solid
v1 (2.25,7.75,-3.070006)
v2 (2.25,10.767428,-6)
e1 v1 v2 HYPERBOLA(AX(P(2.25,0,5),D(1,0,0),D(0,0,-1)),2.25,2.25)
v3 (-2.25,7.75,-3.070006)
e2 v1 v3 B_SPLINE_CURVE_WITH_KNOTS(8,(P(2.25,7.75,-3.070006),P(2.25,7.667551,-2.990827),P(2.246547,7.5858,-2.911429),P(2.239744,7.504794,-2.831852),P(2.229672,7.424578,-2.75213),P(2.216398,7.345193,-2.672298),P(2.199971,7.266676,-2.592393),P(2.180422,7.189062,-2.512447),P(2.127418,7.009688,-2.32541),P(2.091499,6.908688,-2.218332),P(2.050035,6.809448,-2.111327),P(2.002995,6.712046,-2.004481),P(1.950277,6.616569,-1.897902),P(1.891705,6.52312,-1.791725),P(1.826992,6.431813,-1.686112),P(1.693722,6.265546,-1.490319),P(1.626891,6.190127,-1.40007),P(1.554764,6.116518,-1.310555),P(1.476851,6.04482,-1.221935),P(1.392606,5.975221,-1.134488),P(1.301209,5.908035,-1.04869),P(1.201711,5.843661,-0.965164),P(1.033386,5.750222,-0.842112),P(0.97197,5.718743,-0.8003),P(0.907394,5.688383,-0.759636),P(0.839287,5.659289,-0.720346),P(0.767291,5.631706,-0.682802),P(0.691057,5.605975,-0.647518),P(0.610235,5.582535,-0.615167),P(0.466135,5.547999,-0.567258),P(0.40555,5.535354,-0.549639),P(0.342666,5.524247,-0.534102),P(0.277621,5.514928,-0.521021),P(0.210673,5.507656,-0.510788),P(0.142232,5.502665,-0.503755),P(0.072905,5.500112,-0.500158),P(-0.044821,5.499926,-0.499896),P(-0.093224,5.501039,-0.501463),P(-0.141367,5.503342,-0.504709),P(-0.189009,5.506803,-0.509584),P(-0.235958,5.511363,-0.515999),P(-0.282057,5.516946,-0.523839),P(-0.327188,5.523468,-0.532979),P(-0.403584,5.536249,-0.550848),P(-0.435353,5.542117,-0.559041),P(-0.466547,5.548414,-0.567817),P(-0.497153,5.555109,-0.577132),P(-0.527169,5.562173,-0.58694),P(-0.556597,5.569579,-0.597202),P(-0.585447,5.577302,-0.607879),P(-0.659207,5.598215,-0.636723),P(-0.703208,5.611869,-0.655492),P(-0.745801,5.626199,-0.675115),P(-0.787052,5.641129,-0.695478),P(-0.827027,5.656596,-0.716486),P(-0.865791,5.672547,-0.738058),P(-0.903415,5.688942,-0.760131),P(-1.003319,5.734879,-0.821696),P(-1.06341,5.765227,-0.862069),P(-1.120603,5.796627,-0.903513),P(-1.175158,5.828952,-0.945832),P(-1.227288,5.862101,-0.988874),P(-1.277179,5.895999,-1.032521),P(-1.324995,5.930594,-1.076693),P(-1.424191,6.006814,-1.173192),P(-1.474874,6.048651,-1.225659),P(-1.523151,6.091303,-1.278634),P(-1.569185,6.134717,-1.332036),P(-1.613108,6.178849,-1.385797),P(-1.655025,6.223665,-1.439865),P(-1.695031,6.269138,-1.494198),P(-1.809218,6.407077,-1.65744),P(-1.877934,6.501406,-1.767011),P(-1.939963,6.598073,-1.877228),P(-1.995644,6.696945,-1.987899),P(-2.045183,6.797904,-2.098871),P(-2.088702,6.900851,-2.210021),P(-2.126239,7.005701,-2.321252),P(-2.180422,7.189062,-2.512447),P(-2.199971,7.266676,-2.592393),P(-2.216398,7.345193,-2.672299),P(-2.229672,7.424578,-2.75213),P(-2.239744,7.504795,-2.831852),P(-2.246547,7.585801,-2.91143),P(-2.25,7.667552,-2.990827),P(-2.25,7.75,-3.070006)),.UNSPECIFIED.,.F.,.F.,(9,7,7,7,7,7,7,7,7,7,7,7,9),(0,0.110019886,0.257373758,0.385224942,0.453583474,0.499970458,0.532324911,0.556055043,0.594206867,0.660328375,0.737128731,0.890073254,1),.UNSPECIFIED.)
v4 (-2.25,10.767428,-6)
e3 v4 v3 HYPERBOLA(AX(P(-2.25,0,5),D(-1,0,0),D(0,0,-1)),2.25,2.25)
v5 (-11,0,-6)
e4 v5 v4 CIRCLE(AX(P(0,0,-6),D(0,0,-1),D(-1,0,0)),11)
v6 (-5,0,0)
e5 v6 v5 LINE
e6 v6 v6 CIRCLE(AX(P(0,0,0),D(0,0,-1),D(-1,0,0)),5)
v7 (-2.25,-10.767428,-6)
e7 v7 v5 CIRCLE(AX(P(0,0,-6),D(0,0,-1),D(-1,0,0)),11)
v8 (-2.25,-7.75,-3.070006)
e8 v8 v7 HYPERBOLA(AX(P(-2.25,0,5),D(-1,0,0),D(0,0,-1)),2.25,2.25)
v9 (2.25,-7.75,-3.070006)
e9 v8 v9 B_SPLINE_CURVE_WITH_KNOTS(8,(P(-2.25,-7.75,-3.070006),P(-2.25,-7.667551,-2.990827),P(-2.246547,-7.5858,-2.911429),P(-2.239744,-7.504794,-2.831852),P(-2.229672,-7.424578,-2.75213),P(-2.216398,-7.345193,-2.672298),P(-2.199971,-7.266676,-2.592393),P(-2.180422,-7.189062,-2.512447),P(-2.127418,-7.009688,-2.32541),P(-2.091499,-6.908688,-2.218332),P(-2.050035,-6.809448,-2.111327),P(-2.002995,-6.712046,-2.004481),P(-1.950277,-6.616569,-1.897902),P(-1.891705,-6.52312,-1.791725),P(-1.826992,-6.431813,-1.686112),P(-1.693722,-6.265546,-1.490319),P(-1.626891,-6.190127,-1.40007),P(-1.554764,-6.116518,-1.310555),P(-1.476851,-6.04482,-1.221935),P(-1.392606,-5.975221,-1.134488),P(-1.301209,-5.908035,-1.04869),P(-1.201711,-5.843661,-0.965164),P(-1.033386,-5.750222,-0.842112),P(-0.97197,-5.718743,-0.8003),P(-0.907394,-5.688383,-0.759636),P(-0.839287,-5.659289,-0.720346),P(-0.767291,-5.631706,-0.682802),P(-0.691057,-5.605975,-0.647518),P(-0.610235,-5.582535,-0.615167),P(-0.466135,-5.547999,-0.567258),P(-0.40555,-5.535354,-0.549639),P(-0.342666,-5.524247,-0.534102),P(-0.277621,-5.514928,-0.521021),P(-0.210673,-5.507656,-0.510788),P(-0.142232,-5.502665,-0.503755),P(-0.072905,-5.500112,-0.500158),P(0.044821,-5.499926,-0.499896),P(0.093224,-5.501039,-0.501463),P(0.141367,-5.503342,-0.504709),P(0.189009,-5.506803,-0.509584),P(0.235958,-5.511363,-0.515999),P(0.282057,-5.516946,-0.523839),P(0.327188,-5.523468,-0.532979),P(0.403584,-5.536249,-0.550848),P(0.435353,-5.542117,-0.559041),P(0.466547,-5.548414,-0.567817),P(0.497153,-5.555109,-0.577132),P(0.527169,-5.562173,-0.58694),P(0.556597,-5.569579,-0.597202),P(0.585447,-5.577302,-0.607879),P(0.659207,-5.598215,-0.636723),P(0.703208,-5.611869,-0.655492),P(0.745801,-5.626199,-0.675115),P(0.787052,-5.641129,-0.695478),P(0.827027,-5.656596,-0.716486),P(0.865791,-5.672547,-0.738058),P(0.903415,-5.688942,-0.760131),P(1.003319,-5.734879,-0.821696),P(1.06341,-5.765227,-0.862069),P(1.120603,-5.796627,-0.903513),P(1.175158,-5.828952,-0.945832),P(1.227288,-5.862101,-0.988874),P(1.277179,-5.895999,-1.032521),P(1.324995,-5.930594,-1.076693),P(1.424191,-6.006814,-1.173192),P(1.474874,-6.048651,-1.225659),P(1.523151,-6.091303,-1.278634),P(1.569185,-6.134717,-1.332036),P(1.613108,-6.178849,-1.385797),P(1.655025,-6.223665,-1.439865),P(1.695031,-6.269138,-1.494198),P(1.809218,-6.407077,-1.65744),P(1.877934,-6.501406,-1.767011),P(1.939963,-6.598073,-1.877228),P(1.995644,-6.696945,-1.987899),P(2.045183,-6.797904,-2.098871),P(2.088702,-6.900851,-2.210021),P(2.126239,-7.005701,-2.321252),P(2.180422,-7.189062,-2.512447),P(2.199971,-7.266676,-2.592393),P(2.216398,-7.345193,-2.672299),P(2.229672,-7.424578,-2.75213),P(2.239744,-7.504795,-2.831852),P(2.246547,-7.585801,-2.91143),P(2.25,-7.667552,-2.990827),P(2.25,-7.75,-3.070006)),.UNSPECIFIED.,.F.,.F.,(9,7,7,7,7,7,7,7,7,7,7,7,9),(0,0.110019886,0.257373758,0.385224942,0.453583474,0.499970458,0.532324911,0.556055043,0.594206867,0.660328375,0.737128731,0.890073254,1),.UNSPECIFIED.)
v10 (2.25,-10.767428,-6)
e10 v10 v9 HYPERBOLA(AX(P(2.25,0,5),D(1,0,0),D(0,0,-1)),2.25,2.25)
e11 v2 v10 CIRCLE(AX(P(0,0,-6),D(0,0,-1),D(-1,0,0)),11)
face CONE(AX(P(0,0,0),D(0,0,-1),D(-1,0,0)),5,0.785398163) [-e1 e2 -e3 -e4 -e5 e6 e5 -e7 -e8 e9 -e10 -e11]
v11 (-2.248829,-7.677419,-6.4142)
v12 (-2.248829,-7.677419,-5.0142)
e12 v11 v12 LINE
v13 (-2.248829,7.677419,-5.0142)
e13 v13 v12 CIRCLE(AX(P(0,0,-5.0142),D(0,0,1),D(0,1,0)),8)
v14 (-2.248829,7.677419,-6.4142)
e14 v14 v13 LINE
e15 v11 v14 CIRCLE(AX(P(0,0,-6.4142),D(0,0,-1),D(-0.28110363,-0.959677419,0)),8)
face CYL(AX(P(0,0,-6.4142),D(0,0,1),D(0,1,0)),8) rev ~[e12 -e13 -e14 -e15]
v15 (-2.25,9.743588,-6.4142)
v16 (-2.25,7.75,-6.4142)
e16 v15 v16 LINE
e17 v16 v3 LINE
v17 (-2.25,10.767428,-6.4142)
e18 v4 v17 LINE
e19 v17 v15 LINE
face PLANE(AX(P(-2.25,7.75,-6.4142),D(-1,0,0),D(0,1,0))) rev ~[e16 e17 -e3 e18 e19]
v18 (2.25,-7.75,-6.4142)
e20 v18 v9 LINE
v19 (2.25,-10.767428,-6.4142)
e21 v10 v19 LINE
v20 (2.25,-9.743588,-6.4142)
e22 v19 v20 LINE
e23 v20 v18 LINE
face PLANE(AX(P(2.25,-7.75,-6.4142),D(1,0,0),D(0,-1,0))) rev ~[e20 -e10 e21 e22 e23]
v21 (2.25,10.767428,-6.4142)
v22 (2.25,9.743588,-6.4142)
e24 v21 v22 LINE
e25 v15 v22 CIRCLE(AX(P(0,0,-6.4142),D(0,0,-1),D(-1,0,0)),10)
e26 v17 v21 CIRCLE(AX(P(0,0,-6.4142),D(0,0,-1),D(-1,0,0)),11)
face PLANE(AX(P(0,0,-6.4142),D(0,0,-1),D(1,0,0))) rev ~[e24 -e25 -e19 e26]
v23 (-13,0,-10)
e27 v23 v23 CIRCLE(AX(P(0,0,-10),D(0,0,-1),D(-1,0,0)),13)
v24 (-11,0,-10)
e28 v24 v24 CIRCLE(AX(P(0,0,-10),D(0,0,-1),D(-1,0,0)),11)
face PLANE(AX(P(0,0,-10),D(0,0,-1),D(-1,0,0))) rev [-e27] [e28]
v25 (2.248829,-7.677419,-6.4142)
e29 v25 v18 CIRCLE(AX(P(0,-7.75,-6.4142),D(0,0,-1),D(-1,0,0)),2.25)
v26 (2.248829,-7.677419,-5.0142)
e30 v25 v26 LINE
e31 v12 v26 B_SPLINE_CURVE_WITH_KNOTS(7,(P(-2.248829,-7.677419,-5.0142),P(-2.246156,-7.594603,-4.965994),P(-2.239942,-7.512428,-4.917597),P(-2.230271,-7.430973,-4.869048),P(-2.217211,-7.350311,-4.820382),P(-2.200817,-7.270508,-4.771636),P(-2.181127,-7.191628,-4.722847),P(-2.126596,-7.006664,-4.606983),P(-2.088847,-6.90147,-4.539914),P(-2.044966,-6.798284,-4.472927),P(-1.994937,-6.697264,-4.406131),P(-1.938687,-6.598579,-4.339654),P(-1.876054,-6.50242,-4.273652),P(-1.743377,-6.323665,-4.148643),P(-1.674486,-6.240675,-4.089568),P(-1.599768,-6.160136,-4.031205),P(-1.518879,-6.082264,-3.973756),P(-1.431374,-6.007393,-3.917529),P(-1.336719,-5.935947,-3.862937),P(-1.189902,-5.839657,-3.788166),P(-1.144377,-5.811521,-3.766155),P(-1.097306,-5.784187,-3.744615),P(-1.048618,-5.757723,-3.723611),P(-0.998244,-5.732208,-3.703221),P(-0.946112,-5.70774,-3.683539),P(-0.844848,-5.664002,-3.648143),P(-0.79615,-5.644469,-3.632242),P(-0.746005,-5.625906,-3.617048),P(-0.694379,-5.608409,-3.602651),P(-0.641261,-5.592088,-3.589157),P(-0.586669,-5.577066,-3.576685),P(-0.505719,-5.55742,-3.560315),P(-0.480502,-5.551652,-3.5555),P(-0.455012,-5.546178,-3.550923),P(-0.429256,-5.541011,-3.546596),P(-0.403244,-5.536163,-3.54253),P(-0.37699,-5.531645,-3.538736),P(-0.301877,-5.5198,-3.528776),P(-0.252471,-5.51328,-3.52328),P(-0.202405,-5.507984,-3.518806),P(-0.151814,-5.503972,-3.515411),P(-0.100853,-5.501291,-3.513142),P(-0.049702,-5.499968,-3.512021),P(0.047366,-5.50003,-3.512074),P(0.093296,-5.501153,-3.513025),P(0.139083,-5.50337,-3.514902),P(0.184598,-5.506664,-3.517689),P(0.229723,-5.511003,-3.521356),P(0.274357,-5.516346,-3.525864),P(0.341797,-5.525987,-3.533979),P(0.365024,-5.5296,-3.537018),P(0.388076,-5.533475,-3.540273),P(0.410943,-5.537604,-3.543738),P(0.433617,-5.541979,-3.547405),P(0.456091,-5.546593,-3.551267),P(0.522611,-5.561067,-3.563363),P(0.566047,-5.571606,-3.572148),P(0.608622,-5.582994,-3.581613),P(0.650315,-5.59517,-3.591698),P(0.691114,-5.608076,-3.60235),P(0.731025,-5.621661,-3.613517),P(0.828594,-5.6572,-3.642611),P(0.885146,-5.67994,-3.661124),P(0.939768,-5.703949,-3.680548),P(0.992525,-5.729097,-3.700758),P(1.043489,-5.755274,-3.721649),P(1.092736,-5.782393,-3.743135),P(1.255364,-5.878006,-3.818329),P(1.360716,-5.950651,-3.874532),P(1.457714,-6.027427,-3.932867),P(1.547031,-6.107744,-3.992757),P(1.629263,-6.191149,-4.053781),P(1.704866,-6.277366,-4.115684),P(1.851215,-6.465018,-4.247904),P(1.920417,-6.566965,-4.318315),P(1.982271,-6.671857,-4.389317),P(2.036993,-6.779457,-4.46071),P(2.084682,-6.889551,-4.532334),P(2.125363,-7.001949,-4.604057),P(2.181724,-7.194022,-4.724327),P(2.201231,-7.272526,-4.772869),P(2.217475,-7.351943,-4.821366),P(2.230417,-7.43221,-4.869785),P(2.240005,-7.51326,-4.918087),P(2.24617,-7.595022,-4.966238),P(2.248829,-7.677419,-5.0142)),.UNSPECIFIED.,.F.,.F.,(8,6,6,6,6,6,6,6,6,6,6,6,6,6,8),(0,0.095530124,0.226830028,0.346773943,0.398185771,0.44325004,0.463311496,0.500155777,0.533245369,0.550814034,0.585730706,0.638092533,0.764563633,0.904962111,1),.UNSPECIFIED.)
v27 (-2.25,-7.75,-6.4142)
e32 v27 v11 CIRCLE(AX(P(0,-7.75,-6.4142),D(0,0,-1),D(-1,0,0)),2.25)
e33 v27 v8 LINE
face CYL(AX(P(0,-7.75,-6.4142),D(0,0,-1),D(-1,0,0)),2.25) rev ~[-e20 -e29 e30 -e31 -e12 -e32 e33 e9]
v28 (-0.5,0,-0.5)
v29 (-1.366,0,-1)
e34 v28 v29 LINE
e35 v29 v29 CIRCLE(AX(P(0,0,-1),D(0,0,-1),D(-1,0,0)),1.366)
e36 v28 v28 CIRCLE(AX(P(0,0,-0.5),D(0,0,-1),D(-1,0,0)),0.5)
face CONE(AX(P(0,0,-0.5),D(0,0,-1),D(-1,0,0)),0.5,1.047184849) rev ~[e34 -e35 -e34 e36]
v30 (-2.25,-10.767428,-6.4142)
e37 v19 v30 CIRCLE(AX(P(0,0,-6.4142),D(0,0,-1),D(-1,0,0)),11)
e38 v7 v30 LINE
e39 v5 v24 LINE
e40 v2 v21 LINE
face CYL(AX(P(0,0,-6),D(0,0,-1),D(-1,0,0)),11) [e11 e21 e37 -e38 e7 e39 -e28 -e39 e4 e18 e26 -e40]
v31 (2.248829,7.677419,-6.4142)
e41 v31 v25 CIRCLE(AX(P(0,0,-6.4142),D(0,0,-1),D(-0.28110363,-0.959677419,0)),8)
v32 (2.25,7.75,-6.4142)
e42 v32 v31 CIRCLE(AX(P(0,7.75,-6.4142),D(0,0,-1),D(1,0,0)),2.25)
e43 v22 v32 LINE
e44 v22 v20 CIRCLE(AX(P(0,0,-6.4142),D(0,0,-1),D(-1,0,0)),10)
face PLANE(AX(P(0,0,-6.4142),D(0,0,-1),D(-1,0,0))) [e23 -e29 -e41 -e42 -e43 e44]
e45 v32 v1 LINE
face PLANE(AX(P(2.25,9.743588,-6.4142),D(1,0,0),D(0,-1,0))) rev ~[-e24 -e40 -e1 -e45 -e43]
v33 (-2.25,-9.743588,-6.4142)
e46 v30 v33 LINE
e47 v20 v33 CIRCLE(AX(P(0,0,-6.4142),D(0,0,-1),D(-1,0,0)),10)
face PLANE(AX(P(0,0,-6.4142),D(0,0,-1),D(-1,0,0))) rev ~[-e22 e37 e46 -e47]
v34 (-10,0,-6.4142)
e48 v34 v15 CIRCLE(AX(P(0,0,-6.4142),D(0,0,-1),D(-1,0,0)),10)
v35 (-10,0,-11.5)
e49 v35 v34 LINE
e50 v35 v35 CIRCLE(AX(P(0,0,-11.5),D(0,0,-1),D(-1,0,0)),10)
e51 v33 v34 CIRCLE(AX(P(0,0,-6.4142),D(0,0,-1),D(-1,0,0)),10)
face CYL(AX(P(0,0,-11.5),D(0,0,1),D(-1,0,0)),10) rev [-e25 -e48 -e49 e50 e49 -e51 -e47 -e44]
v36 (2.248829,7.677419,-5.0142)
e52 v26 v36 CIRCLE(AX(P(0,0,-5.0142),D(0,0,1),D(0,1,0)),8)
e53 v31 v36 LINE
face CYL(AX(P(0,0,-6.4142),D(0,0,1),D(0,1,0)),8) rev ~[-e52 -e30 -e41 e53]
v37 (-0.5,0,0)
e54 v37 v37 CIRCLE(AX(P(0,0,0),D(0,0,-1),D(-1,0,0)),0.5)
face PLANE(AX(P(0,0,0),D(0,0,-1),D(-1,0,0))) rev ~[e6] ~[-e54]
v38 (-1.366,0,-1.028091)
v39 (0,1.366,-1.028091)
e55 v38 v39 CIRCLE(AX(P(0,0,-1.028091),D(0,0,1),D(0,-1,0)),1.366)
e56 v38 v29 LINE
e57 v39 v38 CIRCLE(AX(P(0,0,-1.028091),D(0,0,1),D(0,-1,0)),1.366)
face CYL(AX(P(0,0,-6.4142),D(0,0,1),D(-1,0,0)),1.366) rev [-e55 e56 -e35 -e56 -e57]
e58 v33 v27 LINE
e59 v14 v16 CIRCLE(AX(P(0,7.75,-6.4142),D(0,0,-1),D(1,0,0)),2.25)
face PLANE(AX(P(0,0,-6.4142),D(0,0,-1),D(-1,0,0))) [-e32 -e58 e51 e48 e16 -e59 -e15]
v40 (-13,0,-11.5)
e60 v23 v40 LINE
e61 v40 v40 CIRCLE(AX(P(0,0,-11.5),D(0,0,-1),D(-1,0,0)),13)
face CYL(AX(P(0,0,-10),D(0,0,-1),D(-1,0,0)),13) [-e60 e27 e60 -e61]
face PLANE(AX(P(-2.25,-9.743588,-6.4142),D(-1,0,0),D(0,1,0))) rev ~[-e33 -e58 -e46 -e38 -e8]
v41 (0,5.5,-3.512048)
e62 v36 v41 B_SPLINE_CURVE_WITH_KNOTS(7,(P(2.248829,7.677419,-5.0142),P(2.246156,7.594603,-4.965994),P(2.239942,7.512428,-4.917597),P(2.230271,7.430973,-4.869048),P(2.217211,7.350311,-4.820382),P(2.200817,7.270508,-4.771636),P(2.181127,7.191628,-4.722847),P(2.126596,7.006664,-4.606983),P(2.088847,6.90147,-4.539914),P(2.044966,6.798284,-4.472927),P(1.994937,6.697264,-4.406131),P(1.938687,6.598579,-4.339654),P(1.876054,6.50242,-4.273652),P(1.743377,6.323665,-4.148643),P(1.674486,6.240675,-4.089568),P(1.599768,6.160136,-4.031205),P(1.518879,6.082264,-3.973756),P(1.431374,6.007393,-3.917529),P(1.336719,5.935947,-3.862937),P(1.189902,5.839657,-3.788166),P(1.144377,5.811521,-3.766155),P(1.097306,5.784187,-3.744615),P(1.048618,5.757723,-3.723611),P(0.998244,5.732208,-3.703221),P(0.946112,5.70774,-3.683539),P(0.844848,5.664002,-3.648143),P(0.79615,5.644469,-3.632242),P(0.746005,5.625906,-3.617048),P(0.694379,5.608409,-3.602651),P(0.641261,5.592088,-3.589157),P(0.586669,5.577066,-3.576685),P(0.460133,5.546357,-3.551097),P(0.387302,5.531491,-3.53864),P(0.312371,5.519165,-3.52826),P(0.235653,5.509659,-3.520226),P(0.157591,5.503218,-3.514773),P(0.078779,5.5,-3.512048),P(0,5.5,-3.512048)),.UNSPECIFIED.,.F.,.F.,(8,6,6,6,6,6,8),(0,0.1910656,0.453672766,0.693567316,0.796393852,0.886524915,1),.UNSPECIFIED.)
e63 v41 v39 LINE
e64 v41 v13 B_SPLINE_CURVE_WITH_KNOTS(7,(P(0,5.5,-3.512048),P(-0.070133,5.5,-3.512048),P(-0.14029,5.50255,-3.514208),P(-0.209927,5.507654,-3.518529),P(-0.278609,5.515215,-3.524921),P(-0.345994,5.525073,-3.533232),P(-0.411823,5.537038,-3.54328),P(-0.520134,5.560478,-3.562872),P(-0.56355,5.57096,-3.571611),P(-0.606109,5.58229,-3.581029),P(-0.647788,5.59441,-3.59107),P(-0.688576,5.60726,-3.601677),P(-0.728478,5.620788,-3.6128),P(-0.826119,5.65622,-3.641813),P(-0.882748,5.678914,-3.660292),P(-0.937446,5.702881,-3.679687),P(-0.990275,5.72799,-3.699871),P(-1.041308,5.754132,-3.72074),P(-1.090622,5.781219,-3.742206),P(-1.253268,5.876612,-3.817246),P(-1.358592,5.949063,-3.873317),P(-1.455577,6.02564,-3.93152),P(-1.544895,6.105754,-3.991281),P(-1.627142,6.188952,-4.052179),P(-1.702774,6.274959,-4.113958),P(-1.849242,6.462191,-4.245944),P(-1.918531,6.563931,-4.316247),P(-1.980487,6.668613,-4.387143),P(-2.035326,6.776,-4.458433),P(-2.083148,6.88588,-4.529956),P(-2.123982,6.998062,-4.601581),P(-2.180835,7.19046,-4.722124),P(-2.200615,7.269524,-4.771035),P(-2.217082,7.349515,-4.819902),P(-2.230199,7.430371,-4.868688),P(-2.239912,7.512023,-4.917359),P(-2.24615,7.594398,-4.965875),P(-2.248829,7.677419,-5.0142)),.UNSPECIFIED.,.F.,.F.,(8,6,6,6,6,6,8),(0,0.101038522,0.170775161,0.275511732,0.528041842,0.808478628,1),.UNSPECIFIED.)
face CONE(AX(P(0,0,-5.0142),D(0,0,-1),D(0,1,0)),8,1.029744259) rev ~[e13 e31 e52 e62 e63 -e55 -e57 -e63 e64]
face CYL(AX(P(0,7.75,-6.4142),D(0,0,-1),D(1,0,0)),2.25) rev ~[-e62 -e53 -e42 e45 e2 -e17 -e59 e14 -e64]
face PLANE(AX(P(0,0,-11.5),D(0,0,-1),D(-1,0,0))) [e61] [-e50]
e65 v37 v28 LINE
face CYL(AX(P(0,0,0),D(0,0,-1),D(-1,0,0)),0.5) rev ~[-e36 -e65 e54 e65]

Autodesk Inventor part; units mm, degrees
ref_plane "YZ Plane" through (0, 0, 0) normal (1, 0, 0) x (0, 1, 0)
ref_plane "XZ Plane" through (0, 0, 0) normal (0, 1, 0) x (-1, 0, 0)
sketch "Sketch1" plane through (0, 0, 0) normal (0, 1, 0) x (-1, 0, 0)
  line L0 (1.366, -1) -> (4.5858, -1)
  line L1 (5, 0) -> (0.5, 0)
  line L2 (4.5858, -1) -> (10, -6.4142)
  line L3 (5, 0) -> (11, -6)
  line L4 (11, -6) -> (11, -10)
  line L5 (11, -10) -> (13, -10)
  line L6 (13, -10) -> (13, -11.5)
  line L7 (13, -11.5) -> (10, -11.5)
  line L8 (10, -11.5) -> (10, -6.4142)
  line L9 (0, 0) -> (0, -4.2235)
  line L10 (10, -6.4142) -> (1.366, -6.4142)
  line L11 (1.366, -6.4142) -> (1.366, -1)
  line L12 (0.5, 0) -> (0.5, -0.5)
  line L13 (0.5, -0.5) -> (1.366, -1)
  dimension "d3" = 26
  dimension "d5" = 20
  dimension "d6" = 1
  dimension "d7" = 135
  dimension "d8" = 1
  dimension "d9" = 10
  dimension "d10" = 11.5
  dimension "d11" = 1.5
  dimension "d32" = 1
  dimension "d33" = 1
  dimension "d34" = 0.5
  dimension "d35" = 30
revolve "Revolution1" add sketch "Sketch1" angle 360 about axis through (0, 0, 0) along (0, 0, -1)
sketch "Sketch4" plane through (0, 0, -6.4142) normal (0, 0, -1) x (-1, 0, 0)
  circle A0 centre (0, 0) radius 1.366 projected
hole "Hole2" at (0, 0, -6.4142) direction (0, 0, 1) diameter 16 depth 1.4 tip angle 118
ref_plane "Work Plane2" through (0, 0, -6.4142) normal (0, 0, -1) x (-1, 0, 0)
sketch "Sketch5" plane through (0, 0, -6.4142) normal (0, 0, -1) x (-1, 0, 0)
  circle A0 centre (0, 0) radius 10 projected
  line L0 (0, -13.75) -> (0, -7.75) construction
  line L1 (2.25, -13.75) -> (2.25, -7.75)
  line L2 (-2.25, -7.75) -> (-2.25, -13.75)
  arc A1 (-2.25, -13.75) -> (2.25, -13.75) centre (0, -13.75) ccw
  arc A2 (2.25, -7.75) -> (-2.25, -7.75) centre (0, -7.75) ccw
  point P0 (0, -10.75)
  dimension "d37" = 4.5
  dimension "d38" = 6
extrude "Extrusion1" cut sketch "Sketch5" against normal blind 10 contours L2 A2 L1 A0 | A0 L1 A1 L2 picked at (-0.2519, -8.4905)
pattern_circular "Circular Pattern2" count 2 over 360 about axis through (0, 0, -8) along (0, 0, -1) of "Extrusion1"
properties part number "016" material "Stainless Steel, Austenitic"
